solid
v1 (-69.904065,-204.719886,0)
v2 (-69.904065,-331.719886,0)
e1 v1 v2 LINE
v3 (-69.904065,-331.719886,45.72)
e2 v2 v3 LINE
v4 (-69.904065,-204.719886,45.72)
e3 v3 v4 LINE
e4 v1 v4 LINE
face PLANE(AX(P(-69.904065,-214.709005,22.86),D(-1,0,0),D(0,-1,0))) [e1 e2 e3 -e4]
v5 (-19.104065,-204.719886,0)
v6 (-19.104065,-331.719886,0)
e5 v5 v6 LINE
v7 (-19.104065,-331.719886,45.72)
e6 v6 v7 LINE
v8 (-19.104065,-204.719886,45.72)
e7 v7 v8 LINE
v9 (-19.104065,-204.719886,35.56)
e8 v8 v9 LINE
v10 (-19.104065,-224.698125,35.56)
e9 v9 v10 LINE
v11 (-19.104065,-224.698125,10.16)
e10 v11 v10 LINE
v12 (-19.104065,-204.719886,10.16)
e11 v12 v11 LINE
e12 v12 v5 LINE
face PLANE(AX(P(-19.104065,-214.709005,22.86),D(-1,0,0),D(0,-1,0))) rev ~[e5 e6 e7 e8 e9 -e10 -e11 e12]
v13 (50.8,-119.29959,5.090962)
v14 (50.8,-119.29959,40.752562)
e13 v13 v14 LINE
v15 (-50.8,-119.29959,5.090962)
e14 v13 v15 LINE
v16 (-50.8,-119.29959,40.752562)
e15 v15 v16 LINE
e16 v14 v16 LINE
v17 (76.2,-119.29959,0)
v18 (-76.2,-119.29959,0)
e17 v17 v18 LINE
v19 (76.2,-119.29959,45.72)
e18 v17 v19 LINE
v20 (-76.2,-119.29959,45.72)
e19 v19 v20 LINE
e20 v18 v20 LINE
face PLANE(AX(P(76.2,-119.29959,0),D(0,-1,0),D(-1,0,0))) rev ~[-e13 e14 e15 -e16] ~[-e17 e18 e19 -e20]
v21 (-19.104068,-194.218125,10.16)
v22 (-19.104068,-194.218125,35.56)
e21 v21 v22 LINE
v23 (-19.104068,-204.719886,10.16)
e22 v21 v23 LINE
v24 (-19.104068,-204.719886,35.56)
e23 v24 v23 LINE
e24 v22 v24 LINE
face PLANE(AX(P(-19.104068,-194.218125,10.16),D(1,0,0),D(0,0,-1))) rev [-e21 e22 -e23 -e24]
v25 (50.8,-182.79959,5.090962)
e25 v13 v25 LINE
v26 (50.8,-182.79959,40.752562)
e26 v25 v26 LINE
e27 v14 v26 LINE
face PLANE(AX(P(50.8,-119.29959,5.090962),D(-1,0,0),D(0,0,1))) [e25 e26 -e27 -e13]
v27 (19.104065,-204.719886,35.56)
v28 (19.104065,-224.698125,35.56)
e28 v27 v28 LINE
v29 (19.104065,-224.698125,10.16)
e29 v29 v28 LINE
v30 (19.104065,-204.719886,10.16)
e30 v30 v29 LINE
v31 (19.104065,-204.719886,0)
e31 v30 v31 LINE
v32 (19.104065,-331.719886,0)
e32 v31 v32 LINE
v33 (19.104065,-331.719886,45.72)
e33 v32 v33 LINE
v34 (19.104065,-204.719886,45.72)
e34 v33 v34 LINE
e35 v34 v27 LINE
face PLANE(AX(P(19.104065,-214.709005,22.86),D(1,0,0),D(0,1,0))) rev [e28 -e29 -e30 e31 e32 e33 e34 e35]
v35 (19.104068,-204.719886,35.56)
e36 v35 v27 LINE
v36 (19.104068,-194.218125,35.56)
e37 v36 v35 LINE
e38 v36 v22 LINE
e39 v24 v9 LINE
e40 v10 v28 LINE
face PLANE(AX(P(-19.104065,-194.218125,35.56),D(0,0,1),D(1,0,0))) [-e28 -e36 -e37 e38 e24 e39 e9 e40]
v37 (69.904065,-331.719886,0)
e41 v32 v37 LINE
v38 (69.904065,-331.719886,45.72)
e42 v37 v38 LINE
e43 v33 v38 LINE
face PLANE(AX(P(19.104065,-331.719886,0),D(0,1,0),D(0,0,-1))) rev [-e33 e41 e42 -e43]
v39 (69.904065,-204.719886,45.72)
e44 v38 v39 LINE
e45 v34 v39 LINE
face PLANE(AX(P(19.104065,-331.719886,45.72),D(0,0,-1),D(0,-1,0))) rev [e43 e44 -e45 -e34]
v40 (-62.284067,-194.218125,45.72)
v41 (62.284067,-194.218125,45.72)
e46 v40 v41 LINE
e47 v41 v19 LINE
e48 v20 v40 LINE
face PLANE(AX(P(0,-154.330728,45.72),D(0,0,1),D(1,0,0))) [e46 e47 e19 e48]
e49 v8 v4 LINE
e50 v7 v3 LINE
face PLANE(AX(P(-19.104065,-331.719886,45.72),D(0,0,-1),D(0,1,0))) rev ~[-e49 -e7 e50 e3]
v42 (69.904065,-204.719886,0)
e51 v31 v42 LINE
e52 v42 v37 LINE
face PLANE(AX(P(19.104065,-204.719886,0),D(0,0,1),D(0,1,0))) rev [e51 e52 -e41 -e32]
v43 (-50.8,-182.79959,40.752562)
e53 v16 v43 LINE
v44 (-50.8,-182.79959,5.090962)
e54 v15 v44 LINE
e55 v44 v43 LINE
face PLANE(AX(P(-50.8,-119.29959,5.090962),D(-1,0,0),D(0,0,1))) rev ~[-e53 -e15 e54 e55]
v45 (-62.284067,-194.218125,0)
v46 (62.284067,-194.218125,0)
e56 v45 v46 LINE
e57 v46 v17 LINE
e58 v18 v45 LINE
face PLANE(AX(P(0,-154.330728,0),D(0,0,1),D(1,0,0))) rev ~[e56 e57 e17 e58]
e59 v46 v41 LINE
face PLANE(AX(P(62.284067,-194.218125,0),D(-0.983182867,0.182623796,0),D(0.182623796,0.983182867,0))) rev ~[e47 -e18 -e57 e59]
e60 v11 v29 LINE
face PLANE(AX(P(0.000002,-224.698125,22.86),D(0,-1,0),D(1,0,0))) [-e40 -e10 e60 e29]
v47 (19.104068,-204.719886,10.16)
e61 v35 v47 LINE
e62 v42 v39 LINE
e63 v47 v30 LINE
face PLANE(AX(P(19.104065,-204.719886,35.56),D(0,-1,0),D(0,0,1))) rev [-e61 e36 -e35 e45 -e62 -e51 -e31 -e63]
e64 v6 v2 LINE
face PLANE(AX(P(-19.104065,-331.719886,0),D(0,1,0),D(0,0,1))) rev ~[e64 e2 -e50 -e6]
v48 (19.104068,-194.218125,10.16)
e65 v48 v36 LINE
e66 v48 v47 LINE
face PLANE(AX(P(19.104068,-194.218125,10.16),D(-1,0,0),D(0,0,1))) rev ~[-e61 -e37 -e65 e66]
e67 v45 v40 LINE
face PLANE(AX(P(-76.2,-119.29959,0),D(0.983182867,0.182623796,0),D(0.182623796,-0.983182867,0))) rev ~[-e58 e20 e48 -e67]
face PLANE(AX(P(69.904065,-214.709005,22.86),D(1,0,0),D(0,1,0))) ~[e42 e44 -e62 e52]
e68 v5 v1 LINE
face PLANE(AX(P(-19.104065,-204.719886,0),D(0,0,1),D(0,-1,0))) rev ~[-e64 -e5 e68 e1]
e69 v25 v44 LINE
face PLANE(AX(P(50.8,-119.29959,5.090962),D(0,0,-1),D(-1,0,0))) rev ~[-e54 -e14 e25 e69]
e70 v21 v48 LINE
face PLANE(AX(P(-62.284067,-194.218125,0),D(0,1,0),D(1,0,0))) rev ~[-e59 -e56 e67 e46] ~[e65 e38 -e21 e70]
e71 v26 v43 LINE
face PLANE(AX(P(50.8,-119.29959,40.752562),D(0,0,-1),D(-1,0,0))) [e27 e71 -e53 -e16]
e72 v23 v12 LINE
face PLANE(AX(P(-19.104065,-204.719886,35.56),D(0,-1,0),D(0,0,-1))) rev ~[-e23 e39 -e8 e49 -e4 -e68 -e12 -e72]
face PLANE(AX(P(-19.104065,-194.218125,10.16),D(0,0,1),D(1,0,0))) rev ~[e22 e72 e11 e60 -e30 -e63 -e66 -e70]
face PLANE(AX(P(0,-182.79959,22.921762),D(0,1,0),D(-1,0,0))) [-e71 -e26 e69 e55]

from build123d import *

# Parameters (mm, degrees)
F1_DEPTH = 45.72
F2_W     = 101.6
F2_H     = 35.6616
F3_DEPTH = 63.5
F4_W     = 38.2081334517
F4_H     = 25.4
F5_DEPTH = 30.48
F6_W     = 19.9782385411
F6_H     = 25.4
F7_DEPTH = 50.8


with BuildPart() as f1:
    # F0 (on Top) → F1 (new body)
    with BuildSketch(Plane.XY):
        Polygon((0, -119.299590295), (-50.8, -119.299590295), (-76.2, -119.299590295), (-62.2840667259, -194.2181247248), (62.2840667259, -194.2181247248), (76.2, -119.299590295), (50.8, -119.299590295), align=None)
    extrude(amount=F1_DEPTH)

    # F2 (on face) → F3 (cut)
    with BuildSketch(Plane(origin=(0, -119.299590295, 0), x_dir=(-1, 0, 0), z_dir=(0, 1, 0))):
        with Locations((0, 22.9217616037)):
            Rectangle(F2_W, F2_H)
    extrude(amount=-F3_DEPTH, mode=Mode.SUBTRACT)

    # F4 (on face) → F5 (join)
    with BuildSketch(Plane.XZ.offset(194.2181247248)):
        with Locations((1.7259e-06, 22.86)):
            Rectangle(F4_W, F4_H)
    extrude(amount=F5_DEPTH)

    # F6 (on face) → F7 (join)
    with BuildSketch(Plane(origin=(-19.104065, 0, 0), x_dir=(0, -1, 0), z_dir=(-1, 0, 0))):
        with Locations((214.7090054543, 22.86)):
            Rectangle(F6_W, F6_H)
        Polygon((204.7198861837, 10.16), (204.7198861837, 0), (331.7198861837, 0), (331.7198861837, 45.72), (204.7198861837, 45.72), (204.7198861837, 35.56), (224.6981247248, 35.56), (224.6981247248, 10.16), align=None)
    extrude(amount=F7_DEPTH)

    # F8: F1 across plane


with BuildPart() as f1_1:
    add(f1.part)
    add(f1.part.mirror(Plane.YZ))


solid = f1_1.part
